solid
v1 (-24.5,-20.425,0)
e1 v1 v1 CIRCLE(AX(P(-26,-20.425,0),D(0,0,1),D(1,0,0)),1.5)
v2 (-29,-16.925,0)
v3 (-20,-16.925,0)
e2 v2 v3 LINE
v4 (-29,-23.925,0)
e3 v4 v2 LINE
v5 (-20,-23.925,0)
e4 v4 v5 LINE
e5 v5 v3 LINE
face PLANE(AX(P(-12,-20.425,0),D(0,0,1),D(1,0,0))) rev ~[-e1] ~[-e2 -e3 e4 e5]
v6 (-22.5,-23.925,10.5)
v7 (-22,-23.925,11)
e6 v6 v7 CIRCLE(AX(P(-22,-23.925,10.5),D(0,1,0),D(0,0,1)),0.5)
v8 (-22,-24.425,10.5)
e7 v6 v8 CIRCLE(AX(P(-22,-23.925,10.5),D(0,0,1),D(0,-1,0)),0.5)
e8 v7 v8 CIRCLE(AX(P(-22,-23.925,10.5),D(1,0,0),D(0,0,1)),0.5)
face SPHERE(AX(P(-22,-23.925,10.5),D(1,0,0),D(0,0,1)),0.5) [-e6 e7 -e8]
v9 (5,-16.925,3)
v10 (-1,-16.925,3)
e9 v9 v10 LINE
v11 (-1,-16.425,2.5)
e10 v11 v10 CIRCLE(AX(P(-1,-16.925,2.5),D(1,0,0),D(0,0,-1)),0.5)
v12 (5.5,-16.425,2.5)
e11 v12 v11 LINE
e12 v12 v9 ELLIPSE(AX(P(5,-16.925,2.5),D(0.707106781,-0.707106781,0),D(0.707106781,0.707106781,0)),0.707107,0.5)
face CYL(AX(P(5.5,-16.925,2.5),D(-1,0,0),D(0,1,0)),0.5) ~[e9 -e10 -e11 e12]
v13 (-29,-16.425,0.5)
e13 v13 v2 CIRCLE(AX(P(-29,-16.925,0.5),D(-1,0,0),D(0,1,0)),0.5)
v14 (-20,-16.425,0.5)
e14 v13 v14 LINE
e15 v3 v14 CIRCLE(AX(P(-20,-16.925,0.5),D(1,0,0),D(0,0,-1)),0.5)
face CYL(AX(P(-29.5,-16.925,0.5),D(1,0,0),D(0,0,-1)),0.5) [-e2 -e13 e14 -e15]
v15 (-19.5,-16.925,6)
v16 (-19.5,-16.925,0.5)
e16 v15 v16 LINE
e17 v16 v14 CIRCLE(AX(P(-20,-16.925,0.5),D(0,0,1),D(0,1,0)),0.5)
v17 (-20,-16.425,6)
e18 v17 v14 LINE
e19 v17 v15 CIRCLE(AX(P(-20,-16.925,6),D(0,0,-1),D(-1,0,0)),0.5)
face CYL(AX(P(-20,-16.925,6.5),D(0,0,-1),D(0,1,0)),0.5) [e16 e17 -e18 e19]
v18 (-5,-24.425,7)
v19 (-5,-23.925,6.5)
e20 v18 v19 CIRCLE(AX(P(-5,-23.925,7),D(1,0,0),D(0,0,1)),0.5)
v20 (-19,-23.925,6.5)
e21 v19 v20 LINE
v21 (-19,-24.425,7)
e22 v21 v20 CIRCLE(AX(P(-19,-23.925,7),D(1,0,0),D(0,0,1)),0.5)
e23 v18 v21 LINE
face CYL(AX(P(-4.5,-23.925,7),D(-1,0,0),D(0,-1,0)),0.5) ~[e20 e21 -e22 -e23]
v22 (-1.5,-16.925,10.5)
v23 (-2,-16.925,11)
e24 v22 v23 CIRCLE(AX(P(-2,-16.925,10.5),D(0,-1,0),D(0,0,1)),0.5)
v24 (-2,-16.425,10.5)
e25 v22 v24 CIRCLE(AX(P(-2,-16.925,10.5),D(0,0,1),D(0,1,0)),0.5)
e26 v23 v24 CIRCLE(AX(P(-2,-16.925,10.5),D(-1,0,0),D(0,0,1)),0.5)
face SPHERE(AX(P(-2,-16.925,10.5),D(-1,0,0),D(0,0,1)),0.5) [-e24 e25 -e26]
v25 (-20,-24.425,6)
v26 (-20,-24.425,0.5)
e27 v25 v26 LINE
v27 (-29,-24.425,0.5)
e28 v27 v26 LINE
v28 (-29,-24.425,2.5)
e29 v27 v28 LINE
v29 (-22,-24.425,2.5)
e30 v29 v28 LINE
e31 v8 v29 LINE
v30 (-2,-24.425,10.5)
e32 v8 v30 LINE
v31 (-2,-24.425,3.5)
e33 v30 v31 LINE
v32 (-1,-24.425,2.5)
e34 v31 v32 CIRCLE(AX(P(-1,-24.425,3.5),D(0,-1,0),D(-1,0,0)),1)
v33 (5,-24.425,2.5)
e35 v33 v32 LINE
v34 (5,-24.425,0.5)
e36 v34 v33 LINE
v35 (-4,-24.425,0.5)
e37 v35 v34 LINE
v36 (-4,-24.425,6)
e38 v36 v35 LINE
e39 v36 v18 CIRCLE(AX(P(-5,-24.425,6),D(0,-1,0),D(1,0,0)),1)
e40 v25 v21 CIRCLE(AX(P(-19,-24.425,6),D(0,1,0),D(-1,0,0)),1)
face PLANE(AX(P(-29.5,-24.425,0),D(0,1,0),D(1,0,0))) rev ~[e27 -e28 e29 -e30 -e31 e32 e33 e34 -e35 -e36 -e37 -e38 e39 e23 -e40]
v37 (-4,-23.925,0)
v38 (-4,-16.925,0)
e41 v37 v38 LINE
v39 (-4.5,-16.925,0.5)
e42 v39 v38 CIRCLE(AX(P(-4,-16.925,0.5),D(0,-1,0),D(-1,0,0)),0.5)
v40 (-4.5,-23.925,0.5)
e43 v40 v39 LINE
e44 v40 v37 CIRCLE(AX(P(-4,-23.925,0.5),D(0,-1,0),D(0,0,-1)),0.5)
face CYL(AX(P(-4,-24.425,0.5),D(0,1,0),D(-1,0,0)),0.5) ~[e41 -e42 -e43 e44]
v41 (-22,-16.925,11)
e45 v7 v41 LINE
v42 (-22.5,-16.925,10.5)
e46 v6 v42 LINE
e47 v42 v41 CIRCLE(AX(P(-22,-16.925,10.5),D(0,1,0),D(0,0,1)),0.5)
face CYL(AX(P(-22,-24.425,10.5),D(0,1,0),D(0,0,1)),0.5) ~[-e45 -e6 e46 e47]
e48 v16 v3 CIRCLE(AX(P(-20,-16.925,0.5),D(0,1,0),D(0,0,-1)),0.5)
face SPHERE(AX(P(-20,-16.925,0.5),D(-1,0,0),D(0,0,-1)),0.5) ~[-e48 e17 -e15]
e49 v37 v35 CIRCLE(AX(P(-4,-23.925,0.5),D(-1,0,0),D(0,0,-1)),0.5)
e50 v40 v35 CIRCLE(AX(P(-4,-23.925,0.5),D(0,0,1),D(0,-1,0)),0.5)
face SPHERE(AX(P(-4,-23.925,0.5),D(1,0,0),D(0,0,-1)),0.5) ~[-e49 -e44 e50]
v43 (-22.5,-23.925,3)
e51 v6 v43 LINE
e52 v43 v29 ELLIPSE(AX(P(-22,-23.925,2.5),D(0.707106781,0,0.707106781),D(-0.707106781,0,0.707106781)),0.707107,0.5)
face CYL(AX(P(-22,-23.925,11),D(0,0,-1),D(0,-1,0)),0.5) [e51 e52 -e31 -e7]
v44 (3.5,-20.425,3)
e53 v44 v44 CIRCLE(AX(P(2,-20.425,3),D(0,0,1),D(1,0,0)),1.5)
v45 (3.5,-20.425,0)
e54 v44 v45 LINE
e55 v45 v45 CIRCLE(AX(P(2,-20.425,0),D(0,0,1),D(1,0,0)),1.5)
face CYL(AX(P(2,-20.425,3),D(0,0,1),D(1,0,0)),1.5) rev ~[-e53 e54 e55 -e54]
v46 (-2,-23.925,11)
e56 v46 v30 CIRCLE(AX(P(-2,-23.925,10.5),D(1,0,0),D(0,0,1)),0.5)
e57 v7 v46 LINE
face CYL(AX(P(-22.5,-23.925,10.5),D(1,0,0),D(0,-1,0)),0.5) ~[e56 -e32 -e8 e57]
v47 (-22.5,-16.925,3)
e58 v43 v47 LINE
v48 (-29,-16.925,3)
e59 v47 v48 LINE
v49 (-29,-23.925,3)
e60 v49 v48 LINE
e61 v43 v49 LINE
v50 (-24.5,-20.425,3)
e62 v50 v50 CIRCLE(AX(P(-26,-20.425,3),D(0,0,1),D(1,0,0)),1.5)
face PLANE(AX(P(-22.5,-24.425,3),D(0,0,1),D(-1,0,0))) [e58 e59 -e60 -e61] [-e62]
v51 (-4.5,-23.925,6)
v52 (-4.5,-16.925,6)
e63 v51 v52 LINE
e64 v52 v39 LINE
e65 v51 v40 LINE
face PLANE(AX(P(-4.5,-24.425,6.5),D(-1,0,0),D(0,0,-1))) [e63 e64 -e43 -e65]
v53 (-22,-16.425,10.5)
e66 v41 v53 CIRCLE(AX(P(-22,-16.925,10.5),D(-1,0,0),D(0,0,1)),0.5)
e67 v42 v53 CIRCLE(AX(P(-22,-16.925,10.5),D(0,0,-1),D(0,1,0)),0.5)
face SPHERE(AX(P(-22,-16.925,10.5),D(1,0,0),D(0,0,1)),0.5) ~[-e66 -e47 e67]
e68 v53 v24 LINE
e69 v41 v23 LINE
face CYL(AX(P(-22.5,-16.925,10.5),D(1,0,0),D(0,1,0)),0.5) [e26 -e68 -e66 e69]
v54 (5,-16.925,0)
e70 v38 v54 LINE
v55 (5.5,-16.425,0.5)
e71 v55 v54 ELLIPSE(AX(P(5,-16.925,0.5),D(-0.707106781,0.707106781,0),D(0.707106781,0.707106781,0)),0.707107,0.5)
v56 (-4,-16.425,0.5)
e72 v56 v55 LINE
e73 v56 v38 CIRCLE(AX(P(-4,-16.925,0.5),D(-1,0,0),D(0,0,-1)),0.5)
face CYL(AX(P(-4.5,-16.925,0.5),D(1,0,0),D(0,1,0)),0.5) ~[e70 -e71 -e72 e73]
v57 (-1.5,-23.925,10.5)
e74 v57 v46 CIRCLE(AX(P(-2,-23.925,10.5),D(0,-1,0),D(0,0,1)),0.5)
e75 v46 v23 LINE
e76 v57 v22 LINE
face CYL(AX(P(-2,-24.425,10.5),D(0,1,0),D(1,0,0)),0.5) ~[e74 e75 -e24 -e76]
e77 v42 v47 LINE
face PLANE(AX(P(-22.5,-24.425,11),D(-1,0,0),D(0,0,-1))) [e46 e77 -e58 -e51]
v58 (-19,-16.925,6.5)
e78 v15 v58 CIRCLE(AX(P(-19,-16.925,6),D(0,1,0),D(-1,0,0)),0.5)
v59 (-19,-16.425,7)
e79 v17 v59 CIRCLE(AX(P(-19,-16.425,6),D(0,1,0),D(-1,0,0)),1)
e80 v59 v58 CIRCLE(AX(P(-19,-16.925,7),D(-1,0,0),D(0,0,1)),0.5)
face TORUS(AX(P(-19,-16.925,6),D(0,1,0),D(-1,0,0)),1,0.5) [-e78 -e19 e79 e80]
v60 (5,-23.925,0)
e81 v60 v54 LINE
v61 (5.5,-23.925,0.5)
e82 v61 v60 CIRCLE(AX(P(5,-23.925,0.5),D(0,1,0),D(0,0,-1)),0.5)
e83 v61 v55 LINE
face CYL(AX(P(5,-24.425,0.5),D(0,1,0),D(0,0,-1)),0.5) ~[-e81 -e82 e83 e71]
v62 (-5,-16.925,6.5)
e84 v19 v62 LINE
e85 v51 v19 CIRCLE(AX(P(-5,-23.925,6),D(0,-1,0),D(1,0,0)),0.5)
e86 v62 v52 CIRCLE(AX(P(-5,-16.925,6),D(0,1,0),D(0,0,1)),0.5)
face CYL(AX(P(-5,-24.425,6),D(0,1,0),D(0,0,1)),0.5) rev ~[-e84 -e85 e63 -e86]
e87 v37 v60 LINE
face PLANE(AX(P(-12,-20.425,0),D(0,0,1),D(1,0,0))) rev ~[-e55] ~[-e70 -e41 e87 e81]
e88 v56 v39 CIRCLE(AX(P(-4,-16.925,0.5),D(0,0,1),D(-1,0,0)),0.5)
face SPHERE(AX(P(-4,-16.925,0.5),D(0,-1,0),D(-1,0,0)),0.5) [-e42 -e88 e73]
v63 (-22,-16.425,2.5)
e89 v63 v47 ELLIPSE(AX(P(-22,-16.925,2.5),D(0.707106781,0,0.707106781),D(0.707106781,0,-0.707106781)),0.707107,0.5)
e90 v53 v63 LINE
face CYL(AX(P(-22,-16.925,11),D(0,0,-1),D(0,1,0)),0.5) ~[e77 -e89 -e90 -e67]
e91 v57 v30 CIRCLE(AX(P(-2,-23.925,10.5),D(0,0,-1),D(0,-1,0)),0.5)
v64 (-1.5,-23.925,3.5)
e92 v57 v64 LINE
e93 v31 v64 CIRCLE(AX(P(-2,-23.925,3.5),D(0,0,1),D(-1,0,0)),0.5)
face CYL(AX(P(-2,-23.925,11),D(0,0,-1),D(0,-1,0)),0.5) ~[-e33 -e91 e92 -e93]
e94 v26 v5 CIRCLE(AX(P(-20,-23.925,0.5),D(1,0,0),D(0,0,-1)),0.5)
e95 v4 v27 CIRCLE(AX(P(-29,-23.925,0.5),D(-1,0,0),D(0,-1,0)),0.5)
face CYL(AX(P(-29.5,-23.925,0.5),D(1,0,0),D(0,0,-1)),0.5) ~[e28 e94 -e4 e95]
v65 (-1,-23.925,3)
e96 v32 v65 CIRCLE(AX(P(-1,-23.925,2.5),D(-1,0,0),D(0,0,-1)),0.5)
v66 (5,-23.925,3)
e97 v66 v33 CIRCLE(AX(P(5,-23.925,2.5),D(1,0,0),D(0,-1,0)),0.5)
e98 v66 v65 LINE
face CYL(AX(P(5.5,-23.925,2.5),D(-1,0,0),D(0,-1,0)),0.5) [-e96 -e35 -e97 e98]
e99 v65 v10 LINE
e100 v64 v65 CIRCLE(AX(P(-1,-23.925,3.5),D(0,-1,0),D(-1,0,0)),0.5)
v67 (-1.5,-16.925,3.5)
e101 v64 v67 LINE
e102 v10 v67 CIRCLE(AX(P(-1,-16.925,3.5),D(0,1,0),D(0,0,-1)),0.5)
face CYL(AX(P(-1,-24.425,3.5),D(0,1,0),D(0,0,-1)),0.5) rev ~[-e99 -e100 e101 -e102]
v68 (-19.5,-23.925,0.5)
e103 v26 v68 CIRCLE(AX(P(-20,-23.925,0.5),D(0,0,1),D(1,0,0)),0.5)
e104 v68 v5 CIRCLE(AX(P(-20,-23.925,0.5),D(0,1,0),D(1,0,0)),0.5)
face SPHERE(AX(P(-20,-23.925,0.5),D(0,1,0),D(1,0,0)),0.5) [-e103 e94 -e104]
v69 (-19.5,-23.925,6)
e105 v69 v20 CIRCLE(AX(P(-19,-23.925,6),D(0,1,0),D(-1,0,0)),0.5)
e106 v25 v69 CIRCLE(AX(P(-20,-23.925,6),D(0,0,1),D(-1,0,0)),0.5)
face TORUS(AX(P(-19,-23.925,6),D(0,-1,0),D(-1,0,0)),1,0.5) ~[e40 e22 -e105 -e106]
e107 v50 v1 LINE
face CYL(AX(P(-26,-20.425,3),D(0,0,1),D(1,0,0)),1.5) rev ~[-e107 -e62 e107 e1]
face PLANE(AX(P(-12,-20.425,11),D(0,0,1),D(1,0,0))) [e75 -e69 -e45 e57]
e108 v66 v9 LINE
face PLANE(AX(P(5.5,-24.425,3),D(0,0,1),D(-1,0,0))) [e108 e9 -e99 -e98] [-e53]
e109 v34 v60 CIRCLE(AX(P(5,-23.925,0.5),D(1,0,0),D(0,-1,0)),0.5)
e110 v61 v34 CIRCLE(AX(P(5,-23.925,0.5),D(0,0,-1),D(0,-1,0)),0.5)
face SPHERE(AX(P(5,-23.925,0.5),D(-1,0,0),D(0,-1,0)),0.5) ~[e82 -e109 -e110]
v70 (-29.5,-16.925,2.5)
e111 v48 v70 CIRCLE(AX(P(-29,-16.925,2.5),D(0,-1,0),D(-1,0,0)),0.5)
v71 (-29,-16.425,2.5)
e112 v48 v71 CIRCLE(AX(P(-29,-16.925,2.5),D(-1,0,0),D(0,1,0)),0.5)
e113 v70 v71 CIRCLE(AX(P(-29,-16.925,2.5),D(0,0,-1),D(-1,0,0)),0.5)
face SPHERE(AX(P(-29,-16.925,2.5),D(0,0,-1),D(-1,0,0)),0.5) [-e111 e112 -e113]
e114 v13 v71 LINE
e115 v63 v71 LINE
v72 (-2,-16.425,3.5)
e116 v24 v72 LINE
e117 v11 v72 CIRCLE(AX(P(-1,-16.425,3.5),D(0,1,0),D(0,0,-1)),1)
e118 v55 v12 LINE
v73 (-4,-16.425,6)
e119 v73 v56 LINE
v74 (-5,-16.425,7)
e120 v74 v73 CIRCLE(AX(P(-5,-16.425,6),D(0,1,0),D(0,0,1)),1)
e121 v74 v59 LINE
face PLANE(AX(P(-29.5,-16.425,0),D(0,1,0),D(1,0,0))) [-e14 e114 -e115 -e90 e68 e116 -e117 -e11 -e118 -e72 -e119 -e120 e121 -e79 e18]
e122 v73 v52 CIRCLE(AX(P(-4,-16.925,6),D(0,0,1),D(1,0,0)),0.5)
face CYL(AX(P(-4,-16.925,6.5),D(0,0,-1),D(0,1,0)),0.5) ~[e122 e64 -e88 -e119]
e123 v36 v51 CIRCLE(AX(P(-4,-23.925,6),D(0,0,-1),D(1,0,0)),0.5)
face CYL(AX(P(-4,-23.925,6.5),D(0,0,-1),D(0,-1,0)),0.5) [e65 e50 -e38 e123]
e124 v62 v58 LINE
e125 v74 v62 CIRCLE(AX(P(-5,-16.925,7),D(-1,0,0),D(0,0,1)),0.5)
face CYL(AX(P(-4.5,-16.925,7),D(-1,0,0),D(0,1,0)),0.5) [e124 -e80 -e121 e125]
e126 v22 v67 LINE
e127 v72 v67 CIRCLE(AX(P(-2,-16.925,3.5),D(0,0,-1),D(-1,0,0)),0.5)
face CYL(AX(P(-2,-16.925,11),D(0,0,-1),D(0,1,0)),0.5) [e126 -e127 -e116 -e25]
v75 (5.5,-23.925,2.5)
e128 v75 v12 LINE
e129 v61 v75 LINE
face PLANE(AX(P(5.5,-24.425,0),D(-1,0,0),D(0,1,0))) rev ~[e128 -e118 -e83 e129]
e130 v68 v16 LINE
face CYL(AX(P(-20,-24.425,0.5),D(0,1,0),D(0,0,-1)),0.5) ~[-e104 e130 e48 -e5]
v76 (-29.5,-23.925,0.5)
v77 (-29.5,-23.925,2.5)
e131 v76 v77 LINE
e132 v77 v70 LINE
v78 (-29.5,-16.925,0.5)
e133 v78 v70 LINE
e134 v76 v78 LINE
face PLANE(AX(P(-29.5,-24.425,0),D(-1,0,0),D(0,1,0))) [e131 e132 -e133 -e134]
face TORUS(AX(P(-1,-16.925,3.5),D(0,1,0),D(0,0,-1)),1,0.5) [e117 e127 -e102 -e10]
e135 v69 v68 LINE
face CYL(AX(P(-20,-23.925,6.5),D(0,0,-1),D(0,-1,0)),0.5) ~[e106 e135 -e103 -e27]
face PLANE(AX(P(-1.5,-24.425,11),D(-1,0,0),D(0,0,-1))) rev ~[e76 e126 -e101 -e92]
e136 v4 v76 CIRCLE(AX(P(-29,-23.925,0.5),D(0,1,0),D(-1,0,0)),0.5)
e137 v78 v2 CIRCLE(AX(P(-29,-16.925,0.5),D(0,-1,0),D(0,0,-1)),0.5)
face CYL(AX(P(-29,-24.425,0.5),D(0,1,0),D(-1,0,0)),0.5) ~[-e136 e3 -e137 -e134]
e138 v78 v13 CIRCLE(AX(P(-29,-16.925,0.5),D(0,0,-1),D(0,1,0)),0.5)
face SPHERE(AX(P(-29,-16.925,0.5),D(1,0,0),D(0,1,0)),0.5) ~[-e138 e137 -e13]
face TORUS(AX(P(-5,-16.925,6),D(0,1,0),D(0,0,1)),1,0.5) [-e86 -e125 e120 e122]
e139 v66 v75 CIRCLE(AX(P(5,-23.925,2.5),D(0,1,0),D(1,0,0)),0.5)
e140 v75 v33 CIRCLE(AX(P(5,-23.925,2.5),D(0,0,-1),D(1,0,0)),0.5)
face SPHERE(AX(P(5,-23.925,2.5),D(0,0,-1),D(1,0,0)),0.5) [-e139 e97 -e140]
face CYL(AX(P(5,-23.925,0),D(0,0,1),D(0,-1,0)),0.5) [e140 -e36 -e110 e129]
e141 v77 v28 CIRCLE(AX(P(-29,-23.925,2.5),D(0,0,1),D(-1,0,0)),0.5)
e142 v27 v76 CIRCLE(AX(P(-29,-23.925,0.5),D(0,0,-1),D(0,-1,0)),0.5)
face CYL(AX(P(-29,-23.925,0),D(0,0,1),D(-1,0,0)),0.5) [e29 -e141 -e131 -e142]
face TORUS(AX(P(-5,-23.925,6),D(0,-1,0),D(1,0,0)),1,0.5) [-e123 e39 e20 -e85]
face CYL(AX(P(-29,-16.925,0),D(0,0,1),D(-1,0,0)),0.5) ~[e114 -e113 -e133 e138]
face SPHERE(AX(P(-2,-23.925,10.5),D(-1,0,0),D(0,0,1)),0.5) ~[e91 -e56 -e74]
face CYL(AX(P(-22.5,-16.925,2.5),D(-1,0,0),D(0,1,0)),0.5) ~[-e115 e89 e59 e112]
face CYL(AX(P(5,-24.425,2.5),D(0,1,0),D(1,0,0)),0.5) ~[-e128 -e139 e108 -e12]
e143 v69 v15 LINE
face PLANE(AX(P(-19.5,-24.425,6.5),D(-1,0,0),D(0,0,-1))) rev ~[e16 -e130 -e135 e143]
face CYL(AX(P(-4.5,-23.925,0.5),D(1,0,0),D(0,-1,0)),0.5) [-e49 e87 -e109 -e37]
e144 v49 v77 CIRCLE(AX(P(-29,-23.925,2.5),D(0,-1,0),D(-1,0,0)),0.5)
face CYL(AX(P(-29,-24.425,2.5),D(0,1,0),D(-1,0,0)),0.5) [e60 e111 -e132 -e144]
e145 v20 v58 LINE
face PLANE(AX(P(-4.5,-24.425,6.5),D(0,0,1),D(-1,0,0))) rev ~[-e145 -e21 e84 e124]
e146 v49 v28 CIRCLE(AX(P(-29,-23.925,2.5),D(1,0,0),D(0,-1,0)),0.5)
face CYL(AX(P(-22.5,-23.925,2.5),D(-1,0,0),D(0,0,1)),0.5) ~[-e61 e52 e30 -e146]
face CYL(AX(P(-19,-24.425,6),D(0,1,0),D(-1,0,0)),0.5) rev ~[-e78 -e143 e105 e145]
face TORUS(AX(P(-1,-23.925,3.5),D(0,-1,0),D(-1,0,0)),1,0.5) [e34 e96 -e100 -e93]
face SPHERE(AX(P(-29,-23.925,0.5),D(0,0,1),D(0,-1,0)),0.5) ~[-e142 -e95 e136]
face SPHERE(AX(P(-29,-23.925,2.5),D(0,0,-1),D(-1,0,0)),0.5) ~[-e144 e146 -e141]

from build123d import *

# Parameters (mm, degrees)
SKETCH1_W           = 35
SKETCH1_H           = 8
BOSS_EXTRUDE1_DEPTH = 11
CUT_EXTRUDE1_REACH  = 10
SKETCH2_W           = 15
SKETCH2_H           = 6.5
CUT_EXTRUDE2_REACH  = 10
SKETCH5_W           = 7
SKETCH5_H           = 8
CUT_EXTRUDE4_REACH  = 5
SKETCH7_R           = 1.5
FILLET1_R           = 0.5


with BuildPart() as part:
    # Sketch1 → Boss-Extrude1 (new body)
    with BuildSketch(Plane.XY):
        with Locations((-12, -20.425)):
            Rectangle(SKETCH1_W, SKETCH1_H)
    extrude(amount=BOSS_EXTRUDE1_DEPTH)

    # Sketch2 → Cut-Extrude1 (cut, up to next)
    with BuildSketch(Plane(origin=(0, -24.425, 0), x_dir=(-1, 0, 0), z_dir=(0, -1, 0)), mode=Mode.PRIVATE) as cut_extrude1_sk1:
        with Locations((12, -3.25)):
            Rectangle(SKETCH2_W, SKETCH2_H)
    cut_extrude1_tool1 = extrude(cut_extrude1_sk1.sketch, amount=-CUT_EXTRUDE1_REACH, mode=Mode.PRIVATE) & part.part
    add(cut_extrude1_tool1.solids().sort_by_distance((-12, -24.425, 3.25))[0], mode=Mode.SUBTRACT)

    # Sketch5 → Cut-Extrude2 (cut, up to next)
    with BuildSketch(Plane(origin=(0, -24.425, 0), x_dir=(-1, 0, 0), z_dir=(0, -1, 0)), mode=Mode.PRIVATE) as cut_extrude2_sk1:
        with Locations((-2, -7)):
            Rectangle(SKETCH5_W, SKETCH5_H)
    cut_extrude2_tool1 = extrude(cut_extrude2_sk1.sketch, amount=-CUT_EXTRUDE2_REACH, mode=Mode.PRIVATE) & part.part
    add(cut_extrude2_tool1.solids().sort_by_distance((2, -24.425, 7))[0], mode=Mode.SUBTRACT)
    # Sketch5 → Cut-Extrude2 (cut, up to next)
    with BuildSketch(Plane(origin=(0, -24.425, 0), x_dir=(-1, 0, 0), z_dir=(0, -1, 0)), mode=Mode.PRIVATE) as cut_extrude2_sk2:
        with Locations((26, -7)):
            Rectangle(SKETCH5_W, SKETCH5_H)
    cut_extrude2_tool2 = extrude(cut_extrude2_sk2.sketch, amount=-CUT_EXTRUDE2_REACH, mode=Mode.PRIVATE) & part.part
    add(cut_extrude2_tool2.solids().sort_by_distance((-26, -24.425, 7))[0], mode=Mode.SUBTRACT)

    # Sketch7 → Cut-Extrude4 (cut, up to next)
    with BuildSketch(Plane.XY.offset(3), mode=Mode.PRIVATE) as cut_extrude4_sk1:
        with Locations((2, -20.425)):
            Circle(SKETCH7_R)
    cut_extrude4_tool1 = extrude(cut_extrude4_sk1.sketch, amount=-CUT_EXTRUDE4_REACH, mode=Mode.PRIVATE) & part.part
    add(cut_extrude4_tool1.solids().sort_by_distance((2, -20.425, 3))[0], mode=Mode.SUBTRACT)
    # Sketch7 → Cut-Extrude4 (cut, up to next)
    with BuildSketch(Plane.XY.offset(3), mode=Mode.PRIVATE) as cut_extrude4_sk2:
        with Locations((-26, -20.425)):
            Circle(SKETCH7_R)
    cut_extrude4_tool2 = extrude(cut_extrude4_sk2.sketch, amount=-CUT_EXTRUDE4_REACH, mode=Mode.PRIVATE) & part.part
    add(cut_extrude4_tool2.solids().sort_by_distance((-26, -20.425, 3))[0], mode=Mode.SUBTRACT)

    # Fillet1
    fillet1_edges = [part.edges().sort_by_distance(p)[0] for p in [
        (-24.5, -16.425, 0),
        (0.5, -24.425, 0),
        (-19.5, -20.425, 0),
        (-19.5, -20.425, 6.5),
        (-4.5, -20.425, 6.5),
        (-4.5, -20.425, 0),
        (-19.5, -24.425, 3.25),
        (-4.5, -24.425, 3.25),
        (-12, -24.425, 6.5),
        (-19.5, -16.425, 3.25),
        (-12, -16.425, 6.5),
        (-4.5, -16.425, 3.25),
        (-12, -24.425, 11),
        (-12, -16.425, 11),
        (-29.5, -16.425, 1.5),
        (5.5, -24.425, 1.5),
        (-29.5, -24.425, 1.5),
        (5.5, -20.425, 3),
        (-1.5, -20.425, 3),
        (-1.5, -20.425, 11),
        (-1.5, -24.425, 7),
        (2, -24.425, 3),
        (2, -16.425, 3),
        (-1.5, -16.425, 7),
        (-29.5, -20.425, 3),
        (-22.5, -20.425, 11),
        (-26, -24.425, 3),
        (-22.5, -24.425, 7),
        (-22.5, -16.425, 7),
        (-26, -16.425, 3),
        (0.5, -16.425, 0),
        (5.5, -20.425, 0),
        (-24.5, -24.425, 0),
        (-29.5, -20.425, 0),
    ]]
    fillet(fillet1_edges, radius=FILLET1_R)


solid = part.part
